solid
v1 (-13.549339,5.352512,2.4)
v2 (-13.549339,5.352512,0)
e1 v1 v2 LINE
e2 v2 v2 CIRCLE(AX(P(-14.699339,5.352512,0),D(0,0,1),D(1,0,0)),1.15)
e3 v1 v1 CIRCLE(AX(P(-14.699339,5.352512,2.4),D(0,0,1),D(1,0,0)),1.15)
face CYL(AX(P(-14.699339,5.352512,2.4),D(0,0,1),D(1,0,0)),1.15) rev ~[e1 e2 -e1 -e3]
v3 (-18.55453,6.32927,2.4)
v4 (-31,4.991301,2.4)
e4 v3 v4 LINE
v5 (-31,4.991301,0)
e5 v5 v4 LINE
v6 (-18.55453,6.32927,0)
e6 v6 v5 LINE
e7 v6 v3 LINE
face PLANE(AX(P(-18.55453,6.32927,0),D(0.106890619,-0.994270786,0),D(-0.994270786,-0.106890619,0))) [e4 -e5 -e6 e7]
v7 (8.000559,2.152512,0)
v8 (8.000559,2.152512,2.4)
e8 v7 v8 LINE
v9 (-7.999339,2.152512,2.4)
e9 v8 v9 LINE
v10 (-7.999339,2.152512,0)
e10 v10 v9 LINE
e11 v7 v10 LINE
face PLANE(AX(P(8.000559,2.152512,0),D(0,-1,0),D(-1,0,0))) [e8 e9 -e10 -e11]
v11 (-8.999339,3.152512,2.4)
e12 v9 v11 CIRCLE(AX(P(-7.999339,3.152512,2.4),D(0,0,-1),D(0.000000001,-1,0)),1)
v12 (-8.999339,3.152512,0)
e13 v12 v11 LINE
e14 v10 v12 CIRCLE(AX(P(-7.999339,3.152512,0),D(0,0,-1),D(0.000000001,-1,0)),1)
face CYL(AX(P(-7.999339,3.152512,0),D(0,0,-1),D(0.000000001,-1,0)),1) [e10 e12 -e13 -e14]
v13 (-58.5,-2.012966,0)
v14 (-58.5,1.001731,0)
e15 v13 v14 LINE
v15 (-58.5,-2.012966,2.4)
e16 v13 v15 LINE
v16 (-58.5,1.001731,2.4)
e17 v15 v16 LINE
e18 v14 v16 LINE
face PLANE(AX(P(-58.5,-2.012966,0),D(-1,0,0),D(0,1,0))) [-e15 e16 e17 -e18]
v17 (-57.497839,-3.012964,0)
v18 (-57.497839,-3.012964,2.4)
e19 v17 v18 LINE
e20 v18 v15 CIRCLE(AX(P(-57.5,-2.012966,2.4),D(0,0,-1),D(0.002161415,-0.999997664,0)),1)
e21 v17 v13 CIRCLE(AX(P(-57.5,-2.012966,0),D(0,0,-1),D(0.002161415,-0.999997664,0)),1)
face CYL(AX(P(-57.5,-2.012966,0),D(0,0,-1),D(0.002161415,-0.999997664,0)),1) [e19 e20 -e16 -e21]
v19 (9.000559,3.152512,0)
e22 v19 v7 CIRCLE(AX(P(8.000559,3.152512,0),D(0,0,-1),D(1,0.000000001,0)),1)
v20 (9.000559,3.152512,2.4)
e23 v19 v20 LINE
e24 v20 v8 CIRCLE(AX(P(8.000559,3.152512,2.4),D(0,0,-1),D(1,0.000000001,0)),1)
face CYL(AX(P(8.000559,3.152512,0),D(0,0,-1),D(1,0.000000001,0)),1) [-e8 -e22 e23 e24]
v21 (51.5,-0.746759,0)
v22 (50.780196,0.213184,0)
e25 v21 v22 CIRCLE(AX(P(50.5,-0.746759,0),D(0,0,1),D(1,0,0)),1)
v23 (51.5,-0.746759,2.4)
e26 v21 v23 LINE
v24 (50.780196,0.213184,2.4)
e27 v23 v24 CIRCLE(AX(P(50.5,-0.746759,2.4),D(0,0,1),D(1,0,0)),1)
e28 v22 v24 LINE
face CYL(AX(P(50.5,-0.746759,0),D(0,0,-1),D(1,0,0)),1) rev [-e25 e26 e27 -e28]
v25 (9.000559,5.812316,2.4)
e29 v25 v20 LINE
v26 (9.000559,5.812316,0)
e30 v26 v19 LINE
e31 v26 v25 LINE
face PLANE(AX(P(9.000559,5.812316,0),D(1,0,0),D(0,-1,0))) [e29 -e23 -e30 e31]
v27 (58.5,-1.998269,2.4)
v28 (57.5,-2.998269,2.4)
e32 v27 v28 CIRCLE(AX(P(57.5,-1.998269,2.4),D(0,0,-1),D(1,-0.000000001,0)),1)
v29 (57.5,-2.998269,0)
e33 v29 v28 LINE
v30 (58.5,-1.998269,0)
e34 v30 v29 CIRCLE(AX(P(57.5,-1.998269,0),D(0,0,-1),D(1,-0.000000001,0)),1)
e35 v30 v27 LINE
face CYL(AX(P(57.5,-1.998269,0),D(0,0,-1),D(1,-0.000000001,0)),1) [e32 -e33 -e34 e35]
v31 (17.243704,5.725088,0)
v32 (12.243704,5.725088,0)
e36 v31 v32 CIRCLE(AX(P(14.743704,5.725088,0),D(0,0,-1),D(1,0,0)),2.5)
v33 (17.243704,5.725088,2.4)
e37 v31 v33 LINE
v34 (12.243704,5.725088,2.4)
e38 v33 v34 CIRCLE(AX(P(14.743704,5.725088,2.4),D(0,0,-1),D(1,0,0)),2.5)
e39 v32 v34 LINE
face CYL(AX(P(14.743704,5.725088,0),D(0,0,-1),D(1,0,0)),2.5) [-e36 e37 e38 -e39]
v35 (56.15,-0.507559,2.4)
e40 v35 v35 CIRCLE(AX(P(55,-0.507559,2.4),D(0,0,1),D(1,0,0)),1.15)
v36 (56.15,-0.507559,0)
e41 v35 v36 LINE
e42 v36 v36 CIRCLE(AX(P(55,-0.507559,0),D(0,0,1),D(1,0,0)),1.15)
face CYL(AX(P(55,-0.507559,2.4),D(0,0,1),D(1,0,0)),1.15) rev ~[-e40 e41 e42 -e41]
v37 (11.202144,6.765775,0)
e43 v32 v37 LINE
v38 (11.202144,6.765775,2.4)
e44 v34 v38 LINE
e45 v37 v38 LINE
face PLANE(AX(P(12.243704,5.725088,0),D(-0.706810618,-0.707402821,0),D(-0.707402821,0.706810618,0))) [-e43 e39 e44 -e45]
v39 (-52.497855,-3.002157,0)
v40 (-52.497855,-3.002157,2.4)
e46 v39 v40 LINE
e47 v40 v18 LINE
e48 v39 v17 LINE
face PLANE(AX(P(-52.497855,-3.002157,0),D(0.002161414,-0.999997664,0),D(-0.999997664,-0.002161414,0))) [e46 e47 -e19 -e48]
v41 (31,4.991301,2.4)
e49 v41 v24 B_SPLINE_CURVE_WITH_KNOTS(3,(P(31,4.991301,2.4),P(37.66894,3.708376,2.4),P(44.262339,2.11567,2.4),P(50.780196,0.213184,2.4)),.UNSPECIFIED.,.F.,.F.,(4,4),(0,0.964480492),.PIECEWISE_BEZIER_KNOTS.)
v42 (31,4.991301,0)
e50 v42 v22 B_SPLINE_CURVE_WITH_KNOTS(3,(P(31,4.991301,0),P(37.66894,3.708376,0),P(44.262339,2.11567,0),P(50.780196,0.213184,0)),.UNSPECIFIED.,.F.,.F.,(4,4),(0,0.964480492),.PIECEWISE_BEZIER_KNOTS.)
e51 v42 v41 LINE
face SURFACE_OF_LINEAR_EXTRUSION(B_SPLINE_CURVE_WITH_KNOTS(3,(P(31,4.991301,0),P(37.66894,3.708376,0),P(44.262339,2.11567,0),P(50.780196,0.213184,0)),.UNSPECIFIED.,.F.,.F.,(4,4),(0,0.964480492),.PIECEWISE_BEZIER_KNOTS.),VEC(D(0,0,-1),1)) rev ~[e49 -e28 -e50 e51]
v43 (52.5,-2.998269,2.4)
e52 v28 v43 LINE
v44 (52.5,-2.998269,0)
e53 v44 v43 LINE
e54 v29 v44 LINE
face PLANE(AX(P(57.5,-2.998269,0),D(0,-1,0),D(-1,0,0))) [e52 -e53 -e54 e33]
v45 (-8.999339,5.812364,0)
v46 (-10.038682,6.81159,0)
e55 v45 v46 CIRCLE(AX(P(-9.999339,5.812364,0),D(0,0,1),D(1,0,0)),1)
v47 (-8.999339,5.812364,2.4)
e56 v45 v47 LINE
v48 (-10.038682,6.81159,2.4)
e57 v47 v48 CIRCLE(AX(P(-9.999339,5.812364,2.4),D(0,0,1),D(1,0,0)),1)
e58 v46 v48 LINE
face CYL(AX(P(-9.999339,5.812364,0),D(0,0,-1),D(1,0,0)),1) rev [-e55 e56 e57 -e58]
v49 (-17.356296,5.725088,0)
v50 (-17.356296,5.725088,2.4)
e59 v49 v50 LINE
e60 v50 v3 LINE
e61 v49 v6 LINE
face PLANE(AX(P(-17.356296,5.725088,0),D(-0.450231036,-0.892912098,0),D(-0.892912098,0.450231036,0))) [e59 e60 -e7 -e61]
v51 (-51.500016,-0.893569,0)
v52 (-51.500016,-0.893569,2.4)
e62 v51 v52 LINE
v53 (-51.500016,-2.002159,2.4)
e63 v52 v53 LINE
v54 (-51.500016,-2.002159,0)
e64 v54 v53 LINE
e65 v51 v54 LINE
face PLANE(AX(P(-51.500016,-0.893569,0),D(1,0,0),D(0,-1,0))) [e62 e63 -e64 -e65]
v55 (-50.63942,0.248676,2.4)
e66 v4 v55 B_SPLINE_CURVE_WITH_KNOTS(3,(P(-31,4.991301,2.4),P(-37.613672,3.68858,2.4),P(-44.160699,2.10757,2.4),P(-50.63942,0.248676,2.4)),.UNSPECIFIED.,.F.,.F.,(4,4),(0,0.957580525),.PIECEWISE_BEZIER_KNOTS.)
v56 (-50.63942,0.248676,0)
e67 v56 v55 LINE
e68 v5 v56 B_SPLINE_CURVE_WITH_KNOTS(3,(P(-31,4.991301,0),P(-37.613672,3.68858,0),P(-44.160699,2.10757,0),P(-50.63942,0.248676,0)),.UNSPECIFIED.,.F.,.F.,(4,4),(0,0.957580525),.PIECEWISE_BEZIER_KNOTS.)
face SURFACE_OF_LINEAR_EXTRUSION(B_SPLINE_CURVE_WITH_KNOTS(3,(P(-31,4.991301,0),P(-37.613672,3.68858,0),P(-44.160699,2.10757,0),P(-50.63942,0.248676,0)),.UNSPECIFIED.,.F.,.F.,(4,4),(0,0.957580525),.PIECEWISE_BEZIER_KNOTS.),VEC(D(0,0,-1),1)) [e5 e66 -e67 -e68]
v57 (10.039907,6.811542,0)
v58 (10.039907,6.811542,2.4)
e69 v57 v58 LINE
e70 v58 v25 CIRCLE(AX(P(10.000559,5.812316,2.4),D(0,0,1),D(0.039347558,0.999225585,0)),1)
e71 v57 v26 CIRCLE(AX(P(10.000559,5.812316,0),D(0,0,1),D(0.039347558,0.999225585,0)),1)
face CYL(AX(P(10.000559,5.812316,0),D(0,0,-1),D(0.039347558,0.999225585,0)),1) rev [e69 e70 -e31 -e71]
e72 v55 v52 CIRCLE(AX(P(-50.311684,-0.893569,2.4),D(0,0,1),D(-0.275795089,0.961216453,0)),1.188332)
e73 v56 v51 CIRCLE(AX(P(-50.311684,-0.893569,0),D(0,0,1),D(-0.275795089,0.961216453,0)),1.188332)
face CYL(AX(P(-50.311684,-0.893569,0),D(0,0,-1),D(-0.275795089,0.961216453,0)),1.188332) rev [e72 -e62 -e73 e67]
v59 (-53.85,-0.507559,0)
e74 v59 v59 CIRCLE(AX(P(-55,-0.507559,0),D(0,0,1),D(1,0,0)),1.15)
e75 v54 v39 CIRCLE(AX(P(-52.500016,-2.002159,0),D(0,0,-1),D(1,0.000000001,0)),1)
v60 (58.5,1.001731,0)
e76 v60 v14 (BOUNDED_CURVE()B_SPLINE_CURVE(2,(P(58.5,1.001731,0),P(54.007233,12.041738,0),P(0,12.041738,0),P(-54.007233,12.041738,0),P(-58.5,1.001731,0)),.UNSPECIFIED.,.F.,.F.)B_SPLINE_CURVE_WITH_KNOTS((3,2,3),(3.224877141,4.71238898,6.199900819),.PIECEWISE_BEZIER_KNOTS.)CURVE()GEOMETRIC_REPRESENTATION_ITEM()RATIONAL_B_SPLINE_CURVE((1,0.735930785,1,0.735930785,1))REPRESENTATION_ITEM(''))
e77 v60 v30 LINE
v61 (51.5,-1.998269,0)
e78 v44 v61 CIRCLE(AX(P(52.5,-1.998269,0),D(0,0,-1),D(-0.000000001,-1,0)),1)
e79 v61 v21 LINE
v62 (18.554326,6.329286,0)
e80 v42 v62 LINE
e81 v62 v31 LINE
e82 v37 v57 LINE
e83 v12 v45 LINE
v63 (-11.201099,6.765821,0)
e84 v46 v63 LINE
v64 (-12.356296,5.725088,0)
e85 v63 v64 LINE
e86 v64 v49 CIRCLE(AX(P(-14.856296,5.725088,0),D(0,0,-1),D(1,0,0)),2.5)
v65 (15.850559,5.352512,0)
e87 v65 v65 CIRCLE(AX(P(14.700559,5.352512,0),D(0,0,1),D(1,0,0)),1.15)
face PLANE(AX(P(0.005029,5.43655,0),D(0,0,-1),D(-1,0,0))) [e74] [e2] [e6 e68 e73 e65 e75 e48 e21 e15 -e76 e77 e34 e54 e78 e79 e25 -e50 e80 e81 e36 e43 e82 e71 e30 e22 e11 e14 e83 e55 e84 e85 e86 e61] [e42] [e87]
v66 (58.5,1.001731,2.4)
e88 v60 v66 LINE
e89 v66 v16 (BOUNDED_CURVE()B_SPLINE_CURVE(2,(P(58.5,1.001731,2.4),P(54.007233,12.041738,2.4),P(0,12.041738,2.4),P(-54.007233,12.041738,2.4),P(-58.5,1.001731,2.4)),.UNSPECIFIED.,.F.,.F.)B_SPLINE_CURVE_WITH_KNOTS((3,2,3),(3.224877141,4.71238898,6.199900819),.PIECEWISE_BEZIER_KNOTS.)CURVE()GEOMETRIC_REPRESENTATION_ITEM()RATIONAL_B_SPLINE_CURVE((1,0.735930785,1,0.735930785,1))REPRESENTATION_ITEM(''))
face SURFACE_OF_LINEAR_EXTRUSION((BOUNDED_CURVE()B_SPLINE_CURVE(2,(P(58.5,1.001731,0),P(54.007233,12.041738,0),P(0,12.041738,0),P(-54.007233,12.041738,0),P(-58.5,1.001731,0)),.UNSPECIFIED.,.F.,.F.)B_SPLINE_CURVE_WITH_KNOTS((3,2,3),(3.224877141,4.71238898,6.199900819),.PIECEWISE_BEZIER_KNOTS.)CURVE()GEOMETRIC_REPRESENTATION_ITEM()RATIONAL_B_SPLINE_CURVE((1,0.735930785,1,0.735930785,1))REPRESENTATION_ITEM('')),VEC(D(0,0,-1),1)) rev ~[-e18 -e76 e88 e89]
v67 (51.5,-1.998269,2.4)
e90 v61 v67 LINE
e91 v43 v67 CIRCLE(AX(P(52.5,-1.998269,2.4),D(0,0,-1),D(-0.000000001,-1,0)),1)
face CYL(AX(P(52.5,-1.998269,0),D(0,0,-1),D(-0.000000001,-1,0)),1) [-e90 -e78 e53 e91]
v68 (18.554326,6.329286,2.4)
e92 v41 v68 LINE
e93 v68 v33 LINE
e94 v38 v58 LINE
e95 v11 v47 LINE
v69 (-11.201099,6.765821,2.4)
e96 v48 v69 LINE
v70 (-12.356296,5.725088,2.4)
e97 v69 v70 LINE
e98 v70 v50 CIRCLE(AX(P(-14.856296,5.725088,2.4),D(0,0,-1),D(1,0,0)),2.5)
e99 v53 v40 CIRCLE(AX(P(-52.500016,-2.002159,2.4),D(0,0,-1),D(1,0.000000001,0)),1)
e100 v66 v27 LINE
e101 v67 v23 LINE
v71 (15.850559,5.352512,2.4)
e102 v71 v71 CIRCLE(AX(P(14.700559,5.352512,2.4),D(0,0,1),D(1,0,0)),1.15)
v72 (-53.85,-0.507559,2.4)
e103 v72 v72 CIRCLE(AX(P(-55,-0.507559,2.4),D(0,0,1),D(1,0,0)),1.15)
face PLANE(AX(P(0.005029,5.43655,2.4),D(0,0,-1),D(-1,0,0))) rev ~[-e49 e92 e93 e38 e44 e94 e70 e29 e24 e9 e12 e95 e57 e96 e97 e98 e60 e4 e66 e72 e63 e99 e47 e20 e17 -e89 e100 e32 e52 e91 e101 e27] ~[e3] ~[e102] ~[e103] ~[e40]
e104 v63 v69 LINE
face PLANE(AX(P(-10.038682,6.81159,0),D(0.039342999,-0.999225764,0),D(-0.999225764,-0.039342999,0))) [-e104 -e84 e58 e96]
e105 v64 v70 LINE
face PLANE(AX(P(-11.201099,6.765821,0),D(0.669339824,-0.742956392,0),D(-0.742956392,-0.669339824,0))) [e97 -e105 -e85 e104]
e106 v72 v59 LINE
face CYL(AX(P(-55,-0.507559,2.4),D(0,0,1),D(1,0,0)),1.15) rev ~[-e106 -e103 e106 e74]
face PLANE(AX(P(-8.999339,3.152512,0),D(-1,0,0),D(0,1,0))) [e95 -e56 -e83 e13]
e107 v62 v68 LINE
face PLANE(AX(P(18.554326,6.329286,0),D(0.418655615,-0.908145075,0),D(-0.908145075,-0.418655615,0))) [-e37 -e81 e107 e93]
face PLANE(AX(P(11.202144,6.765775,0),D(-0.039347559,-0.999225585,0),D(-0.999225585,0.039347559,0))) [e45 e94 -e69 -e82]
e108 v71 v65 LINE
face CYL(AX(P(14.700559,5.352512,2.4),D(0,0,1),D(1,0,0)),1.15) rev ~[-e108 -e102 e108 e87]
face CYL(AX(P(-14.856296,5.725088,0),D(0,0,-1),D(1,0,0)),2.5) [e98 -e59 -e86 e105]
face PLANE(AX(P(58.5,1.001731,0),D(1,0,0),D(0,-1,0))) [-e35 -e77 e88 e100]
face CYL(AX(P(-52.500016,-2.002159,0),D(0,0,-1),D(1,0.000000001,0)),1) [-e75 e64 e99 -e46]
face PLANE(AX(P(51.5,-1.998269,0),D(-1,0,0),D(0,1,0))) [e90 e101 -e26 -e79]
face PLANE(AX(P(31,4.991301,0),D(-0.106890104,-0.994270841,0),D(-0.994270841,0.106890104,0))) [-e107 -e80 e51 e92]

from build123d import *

# Parameters (mm, degrees)
BOSS_EXTRUDE2_DEPTH = 2.4
SKETCH1_R           = 1.15
CUT_EXTRUDE1_DEPTH  = 2.4


with BuildPart() as part:
    # Szkic1 → Boss-Extrude2 (new body)
    with BuildSketch(Plane.XY):
        with BuildLine():
            Line((-10.038681529, 6.811589572), (-11.201099301, 6.765821135))
            Line((-11.201099301, 6.765821135), (-12.356296421, 5.725087863))
            ThreePointArc((-12.356296421, 5.725087863), (-14.856296421, 3.225087863), (-17.356296421, 5.725087863))
            Line((-17.356296421, 5.725087863), (-18.554529735, 6.329270322))
            Line((-18.554529735, 6.329270322), (-31, 4.99130079))
            add(Edge.make_bspline(
                [(-31, 4.99130079), (-37.613672397, 3.688579862), (-44.160698718, 2.10757006), (-50.639420354, 0.248675937)],
                knots=[0, 0, 0, 0, 0.957580525, 0.957580525, 0.957580525, 0.957580525], degree=3))
            ThreePointArc((-50.639420354, 0.248675937), (-51.260787122, -0.178490214), (-51.500016351, -0.893568501))
            Line((-51.500016351, -0.893568501), (-51.500016351, -2.002159088))
            ThreePointArc((-51.500016351, -2.002159088), (-51.792145807, -2.708501281), (-52.497854937, -3.002156752))
            Line((-52.497854937, -3.002156752), (-57.497838586, -3.012963812))
            ThreePointArc((-57.497838586, -3.012963812), (-58.206342193, -2.720836692), (-58.5, -2.012966148))
            Line((-58.5, -2.012966148), (-58.5, 1.001731028))
            add(Edge.make_bspline(
                [(58.5, 1.001731028), (54.007233316, 12.041738456), (0, 12.041738456), (-54.007233316, 12.041738456), (-58.5, 1.001731028)],
                knots=[3.224877141, 3.224877141, 3.224877141, 4.71238898, 4.71238898, 6.199900819, 6.199900819, 6.199900819], degree=2, weights=[1, 0.735930785, 1, 0.735930785, 1]))
            Line((58.5, 1.001731028), (58.5, -1.998268938))
            ThreePointArc((58.5, -1.998268938), (58.207106781, -2.705375719), (57.5, -2.998268938))
            Line((57.5, -2.998268938), (52.5, -2.998268938))
            ThreePointArc((52.5, -2.998268938), (51.792893219, -2.705375719), (51.5, -1.998268938))
            Line((51.5, -1.998268938), (51.5, -0.746759199))
            ThreePointArc((51.5, -0.746759199), (51.30006128, -0.146840914), (50.780196103, 0.213183583))
            add(Edge.make_bspline(
                [(31, 4.99130079), (37.668939941, 3.708375899), (44.262338642, 2.115670164), (50.780196103, 0.213183583)],
                knots=[0, 0, 0, 0, 0.964480492, 0.964480492, 0.964480492, 0.964480492], degree=3))
            Line((31, 4.99130079), (18.55432572, 6.329285731))
            Line((18.55432572, 6.329285731), (17.243703579, 5.725087863))
            ThreePointArc((17.243703579, 5.725087863), (14.743703579, 3.225087863), (12.243703579, 5.725087863))
            Line((12.243703579, 5.725087863), (11.202144167, 6.765775333))
            Line((11.202144167, 6.765775333), (10.039906762, 6.81154198))
            ThreePointArc((10.039906762, 6.81154198), (9.307503491, 6.533200421), (9.000559204, 5.812316395))
            Line((9.000559204, 5.812316395), (9.000559204, 3.152512128))
            ThreePointArc((9.000559204, 3.152512128), (8.707665985, 2.445405346), (8.000559204, 2.152512128))
            Line((8.000559204, 2.152512128), (-7.999338529, 2.152512128))
            ThreePointArc((-7.999338529, 2.152512128), (-8.70644531, 2.445405346), (-8.999338529, 3.152512128))
            Line((-8.999338529, 3.152512128), (-8.999338529, 5.812363808))
            ThreePointArc((-8.999338529, 5.812363808), (-9.306281172, 6.533246253), (-10.038681529, 6.811589572))
        make_face()
    extrude(amount=BOSS_EXTRUDE2_DEPTH)

    # Sketch1 → Cut-Extrude1 (cut)
    with BuildSketch(Plane.XY.offset(2.4)):
        with Locations((-55, -0.507559097)):
            Circle(SKETCH1_R)
        with Locations((-14.699338529, 5.352512128)):
            Circle(SKETCH1_R)
        with Locations((14.700559204, 5.352512128)):
            Circle(SKETCH1_R)
        with Locations((55, -0.507559097)):
            Circle(SKETCH1_R)
    extrude(amount=-CUT_EXTRUDE1_DEPTH, mode=Mode.SUBTRACT)


solid = part.part
